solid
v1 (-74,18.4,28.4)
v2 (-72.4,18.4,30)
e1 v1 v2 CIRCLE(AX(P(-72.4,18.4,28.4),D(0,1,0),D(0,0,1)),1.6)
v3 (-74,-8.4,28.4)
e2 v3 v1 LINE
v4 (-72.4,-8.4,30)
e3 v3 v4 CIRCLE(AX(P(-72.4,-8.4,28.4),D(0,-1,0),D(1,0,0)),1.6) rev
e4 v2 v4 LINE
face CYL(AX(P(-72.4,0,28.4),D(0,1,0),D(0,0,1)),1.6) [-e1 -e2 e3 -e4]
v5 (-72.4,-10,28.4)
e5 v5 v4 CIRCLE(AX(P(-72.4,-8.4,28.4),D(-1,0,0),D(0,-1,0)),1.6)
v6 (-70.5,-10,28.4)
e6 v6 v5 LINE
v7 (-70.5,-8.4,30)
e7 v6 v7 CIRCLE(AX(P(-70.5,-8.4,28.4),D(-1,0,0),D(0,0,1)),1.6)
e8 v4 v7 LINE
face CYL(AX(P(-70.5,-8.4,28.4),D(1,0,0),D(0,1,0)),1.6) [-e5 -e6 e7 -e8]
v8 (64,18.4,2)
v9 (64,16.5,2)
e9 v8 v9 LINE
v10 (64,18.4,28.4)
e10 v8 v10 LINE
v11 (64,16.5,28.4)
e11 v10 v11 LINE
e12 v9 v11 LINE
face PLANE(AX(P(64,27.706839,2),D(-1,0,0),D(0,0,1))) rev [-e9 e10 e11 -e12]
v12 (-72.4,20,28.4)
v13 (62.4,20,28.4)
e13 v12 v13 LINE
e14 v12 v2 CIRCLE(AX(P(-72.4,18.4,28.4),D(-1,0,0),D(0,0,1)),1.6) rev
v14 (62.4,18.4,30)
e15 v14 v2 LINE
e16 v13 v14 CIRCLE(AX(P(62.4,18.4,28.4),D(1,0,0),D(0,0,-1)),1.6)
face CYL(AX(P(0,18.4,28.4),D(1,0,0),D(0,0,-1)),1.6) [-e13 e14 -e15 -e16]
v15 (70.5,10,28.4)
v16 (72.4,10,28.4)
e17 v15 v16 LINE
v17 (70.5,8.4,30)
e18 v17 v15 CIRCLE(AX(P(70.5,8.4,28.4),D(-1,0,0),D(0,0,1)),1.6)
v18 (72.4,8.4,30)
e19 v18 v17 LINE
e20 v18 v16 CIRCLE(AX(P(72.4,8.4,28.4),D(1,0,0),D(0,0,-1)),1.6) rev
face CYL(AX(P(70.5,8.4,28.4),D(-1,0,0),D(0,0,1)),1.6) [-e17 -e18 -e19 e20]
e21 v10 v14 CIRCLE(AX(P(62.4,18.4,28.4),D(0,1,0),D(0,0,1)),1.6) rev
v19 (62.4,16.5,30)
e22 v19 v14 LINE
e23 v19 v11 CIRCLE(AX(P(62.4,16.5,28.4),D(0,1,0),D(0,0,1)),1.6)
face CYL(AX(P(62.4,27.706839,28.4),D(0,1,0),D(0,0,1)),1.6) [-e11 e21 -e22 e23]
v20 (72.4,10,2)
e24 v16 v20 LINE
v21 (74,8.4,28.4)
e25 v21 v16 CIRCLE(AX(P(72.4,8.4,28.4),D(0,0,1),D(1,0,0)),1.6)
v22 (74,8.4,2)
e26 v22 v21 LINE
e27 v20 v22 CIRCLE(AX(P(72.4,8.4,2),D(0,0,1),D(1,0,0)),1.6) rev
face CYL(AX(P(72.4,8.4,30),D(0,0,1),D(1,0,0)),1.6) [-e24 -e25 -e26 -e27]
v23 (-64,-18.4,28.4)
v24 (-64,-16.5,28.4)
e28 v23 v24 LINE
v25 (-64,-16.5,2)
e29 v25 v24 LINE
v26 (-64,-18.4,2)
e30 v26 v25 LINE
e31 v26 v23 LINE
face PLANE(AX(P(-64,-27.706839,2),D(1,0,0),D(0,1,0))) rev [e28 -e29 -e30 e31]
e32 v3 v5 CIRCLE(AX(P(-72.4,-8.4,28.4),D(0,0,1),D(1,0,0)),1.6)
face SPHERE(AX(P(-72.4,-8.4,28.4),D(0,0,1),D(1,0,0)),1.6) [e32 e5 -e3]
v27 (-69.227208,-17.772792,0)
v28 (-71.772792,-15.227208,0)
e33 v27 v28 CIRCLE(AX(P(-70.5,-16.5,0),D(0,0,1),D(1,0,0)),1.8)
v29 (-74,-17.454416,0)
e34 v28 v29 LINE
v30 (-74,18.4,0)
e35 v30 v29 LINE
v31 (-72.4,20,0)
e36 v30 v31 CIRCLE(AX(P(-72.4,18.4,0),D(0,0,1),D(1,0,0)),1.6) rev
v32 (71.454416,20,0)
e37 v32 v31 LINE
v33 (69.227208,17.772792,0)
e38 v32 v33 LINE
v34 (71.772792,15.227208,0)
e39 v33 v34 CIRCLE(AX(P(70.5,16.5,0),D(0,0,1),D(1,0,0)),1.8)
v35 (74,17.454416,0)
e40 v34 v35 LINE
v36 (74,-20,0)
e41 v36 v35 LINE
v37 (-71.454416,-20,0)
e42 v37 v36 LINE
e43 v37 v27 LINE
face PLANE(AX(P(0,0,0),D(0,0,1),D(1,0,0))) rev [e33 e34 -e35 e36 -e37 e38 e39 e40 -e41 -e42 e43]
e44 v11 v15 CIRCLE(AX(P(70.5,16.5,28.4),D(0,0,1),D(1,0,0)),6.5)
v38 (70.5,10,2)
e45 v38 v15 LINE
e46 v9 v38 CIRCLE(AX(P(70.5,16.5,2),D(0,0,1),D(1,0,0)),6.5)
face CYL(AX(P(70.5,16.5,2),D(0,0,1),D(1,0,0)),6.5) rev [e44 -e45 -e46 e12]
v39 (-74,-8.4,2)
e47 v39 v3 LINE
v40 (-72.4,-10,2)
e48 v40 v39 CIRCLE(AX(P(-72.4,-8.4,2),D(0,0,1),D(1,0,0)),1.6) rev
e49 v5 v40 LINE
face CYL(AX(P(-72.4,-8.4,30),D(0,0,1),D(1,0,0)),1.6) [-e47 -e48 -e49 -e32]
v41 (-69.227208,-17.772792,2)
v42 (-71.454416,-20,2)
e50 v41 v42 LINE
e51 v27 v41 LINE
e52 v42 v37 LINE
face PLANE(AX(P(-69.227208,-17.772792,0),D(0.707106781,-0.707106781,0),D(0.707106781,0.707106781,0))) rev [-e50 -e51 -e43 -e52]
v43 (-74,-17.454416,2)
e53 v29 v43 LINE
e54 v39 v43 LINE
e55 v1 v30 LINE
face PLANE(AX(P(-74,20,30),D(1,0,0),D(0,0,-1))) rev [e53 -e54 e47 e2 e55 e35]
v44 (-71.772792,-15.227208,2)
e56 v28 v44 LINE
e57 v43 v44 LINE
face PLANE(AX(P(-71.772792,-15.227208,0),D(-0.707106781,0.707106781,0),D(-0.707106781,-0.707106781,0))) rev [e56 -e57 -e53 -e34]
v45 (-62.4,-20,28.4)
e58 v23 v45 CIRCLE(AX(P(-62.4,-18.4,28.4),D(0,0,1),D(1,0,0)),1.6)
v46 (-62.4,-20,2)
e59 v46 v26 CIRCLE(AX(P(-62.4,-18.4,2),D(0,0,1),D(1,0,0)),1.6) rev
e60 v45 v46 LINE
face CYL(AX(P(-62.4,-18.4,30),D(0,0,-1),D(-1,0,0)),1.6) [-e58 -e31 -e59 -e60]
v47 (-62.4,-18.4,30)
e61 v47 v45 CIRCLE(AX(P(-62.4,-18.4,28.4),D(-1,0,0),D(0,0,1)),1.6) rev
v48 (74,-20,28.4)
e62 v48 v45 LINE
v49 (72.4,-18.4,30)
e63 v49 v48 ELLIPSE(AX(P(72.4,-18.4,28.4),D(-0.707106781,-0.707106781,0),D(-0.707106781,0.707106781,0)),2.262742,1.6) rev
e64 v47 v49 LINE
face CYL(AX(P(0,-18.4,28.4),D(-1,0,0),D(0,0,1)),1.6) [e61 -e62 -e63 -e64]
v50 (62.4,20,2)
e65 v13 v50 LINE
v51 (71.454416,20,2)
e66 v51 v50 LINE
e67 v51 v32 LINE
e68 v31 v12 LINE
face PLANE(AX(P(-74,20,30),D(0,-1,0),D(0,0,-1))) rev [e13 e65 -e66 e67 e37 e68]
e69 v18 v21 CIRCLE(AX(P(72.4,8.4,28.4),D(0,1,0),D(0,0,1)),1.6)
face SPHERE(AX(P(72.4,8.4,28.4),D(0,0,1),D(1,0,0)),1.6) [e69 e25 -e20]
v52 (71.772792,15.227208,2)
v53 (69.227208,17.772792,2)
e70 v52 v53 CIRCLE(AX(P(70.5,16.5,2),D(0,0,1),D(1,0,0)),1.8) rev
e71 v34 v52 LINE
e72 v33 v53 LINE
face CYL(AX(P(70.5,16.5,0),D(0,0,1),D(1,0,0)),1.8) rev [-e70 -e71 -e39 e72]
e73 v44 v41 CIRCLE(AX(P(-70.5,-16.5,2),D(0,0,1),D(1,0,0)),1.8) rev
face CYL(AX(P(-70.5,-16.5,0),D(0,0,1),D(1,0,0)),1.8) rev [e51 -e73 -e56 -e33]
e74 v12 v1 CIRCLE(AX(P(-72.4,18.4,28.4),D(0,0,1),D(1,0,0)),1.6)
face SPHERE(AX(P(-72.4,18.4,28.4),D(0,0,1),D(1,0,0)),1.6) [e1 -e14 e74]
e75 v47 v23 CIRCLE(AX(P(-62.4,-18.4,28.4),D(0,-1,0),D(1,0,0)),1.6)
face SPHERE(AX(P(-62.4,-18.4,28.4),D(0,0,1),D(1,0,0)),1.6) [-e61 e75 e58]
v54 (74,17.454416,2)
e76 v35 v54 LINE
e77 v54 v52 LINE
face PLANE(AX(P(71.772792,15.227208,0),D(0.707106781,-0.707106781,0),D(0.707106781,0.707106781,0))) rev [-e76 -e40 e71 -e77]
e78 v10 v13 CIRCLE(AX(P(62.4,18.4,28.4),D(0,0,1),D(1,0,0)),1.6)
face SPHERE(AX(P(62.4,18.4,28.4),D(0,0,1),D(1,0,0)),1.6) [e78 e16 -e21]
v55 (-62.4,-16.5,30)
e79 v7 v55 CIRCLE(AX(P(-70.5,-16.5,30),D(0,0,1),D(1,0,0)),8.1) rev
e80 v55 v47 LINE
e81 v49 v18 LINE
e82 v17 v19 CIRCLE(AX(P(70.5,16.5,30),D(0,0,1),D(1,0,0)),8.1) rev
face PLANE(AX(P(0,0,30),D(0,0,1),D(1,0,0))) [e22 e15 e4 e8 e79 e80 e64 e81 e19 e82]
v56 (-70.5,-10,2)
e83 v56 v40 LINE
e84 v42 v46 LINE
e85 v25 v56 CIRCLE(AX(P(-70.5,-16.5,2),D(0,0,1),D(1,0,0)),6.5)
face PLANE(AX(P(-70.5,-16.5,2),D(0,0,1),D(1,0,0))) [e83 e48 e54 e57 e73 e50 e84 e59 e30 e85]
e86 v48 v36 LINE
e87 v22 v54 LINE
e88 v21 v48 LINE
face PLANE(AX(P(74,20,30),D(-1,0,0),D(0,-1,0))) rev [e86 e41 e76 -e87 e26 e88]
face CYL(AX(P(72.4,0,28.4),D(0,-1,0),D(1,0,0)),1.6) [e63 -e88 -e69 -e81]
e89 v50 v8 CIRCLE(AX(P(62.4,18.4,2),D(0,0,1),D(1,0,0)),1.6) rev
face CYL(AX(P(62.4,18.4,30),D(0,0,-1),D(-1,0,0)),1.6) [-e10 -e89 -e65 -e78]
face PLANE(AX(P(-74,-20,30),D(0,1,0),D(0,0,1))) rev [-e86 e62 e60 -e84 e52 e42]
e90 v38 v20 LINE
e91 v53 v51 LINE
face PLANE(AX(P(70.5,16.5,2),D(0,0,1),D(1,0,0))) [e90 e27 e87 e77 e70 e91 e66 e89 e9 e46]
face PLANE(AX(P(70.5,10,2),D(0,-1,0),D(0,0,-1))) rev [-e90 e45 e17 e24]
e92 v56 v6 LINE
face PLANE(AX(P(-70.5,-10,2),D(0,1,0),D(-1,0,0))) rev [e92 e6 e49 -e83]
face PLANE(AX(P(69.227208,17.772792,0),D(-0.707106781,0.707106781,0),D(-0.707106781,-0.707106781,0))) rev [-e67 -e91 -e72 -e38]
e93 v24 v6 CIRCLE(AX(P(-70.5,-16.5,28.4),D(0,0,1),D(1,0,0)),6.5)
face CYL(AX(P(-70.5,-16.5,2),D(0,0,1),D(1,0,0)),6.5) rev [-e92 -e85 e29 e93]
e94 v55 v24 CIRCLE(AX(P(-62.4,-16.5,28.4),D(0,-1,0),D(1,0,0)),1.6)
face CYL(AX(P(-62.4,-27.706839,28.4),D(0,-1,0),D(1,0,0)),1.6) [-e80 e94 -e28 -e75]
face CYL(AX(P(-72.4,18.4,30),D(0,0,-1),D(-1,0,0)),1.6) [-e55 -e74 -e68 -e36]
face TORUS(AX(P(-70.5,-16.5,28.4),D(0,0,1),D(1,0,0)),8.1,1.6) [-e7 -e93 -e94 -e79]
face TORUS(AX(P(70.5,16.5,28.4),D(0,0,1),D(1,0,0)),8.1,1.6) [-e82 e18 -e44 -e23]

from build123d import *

# Parameters (mm, degrees)
SKETCH1_W           = 148
SKETCH1_H           = 40
BOSS_EXTRUDE1_DEPTH = 30
CUT_EXTRUDE1_DEPTH  = 30
CUT_EXTRUDE2_DEPTH  = 28
FILLET1_R           = 1.6


with BuildPart() as part:
    # Sketch1 → Boss-Extrude1 (new body)
    with BuildSketch(Plane.XY):
        Rectangle(SKETCH1_W, SKETCH1_H)
    extrude(amount=BOSS_EXTRUDE1_DEPTH)

    # Sketch2 → Cut-Extrude1 (cut)
    with BuildSketch(Plane.XY.offset(30)):
        with BuildLine():
            Line((69.227207794, 17.772792206), (73.727238034, 22.272822446))
            Line((73.727238034, 22.272822446), (76.272822446, 19.727238034))
            Line((76.272822446, 19.727238034), (71.772792206, 15.227207794))
            ThreePointArc((71.772792206, 15.227207794), (69.227207794, 15.227207794), (69.227207794, 17.772792206))
        make_face()
        with BuildLine():
            Line((-69.227207794, -17.772792206), (-73.727238034, -22.272822446))
            Line((-73.727238034, -22.272822446), (-76.272822446, -19.727238034))
            Line((-76.272822446, -19.727238034), (-71.772792206, -15.227207794))
            ThreePointArc((-71.772792206, -15.227207794), (-69.227207794, -15.227207794), (-69.227207794, -17.772792206))
        make_face()
    extrude(amount=-CUT_EXTRUDE1_DEPTH, mode=Mode.SUBTRACT)

    # Sketch3 → Cut-Extrude2 (cut)
    with BuildSketch(Plane.XY.offset(30)):
        with BuildLine():
            Line((64, 27.706839185), (64, 16.5))
            ThreePointArc((64, 16.5), (65.903805922, 11.903805922), (70.5, 10))
            Line((70.5, 10), (82.036431888, 10))
            Line((82.036431888, 10), (64, 27.706839185))
        make_face()
        with BuildLine():
            Line((-64, -27.706839185), (-64, -16.5))
            ThreePointArc((-64, -16.5), (-65.903805922, -11.903805922), (-70.5, -10))
            Line((-70.5, -10), (-82.036431888, -10))
            Line((-82.036431888, -10), (-64, -27.706839185))
        make_face()
    extrude(amount=-CUT_EXTRUDE2_DEPTH, mode=Mode.SUBTRACT)

    # Fillet1
    fillet1_edges = [part.edges().sort_by_distance(p)[0] for p in [
        (-74, 5, 30),
        (74, -5, 30),
        (-5, 20, 30),
        (74, 10, 16),
        (64, 20, 16),
        (72.25, 10, 30),
        (64, 18.25, 30),
        (65.903805922, 11.903805922, 30),
        (-74, 20, 15),
        (5, -20, 30),
        (-74, -10, 16),
        (-64, -20, 16),
        (-72.25, -10, 30),
        (-64, -18.25, 30),
        (-65.903805922, -11.903805922, 30),
    ]]
    fillet(fillet1_edges, radius=FILLET1_R)


solid = part.part
